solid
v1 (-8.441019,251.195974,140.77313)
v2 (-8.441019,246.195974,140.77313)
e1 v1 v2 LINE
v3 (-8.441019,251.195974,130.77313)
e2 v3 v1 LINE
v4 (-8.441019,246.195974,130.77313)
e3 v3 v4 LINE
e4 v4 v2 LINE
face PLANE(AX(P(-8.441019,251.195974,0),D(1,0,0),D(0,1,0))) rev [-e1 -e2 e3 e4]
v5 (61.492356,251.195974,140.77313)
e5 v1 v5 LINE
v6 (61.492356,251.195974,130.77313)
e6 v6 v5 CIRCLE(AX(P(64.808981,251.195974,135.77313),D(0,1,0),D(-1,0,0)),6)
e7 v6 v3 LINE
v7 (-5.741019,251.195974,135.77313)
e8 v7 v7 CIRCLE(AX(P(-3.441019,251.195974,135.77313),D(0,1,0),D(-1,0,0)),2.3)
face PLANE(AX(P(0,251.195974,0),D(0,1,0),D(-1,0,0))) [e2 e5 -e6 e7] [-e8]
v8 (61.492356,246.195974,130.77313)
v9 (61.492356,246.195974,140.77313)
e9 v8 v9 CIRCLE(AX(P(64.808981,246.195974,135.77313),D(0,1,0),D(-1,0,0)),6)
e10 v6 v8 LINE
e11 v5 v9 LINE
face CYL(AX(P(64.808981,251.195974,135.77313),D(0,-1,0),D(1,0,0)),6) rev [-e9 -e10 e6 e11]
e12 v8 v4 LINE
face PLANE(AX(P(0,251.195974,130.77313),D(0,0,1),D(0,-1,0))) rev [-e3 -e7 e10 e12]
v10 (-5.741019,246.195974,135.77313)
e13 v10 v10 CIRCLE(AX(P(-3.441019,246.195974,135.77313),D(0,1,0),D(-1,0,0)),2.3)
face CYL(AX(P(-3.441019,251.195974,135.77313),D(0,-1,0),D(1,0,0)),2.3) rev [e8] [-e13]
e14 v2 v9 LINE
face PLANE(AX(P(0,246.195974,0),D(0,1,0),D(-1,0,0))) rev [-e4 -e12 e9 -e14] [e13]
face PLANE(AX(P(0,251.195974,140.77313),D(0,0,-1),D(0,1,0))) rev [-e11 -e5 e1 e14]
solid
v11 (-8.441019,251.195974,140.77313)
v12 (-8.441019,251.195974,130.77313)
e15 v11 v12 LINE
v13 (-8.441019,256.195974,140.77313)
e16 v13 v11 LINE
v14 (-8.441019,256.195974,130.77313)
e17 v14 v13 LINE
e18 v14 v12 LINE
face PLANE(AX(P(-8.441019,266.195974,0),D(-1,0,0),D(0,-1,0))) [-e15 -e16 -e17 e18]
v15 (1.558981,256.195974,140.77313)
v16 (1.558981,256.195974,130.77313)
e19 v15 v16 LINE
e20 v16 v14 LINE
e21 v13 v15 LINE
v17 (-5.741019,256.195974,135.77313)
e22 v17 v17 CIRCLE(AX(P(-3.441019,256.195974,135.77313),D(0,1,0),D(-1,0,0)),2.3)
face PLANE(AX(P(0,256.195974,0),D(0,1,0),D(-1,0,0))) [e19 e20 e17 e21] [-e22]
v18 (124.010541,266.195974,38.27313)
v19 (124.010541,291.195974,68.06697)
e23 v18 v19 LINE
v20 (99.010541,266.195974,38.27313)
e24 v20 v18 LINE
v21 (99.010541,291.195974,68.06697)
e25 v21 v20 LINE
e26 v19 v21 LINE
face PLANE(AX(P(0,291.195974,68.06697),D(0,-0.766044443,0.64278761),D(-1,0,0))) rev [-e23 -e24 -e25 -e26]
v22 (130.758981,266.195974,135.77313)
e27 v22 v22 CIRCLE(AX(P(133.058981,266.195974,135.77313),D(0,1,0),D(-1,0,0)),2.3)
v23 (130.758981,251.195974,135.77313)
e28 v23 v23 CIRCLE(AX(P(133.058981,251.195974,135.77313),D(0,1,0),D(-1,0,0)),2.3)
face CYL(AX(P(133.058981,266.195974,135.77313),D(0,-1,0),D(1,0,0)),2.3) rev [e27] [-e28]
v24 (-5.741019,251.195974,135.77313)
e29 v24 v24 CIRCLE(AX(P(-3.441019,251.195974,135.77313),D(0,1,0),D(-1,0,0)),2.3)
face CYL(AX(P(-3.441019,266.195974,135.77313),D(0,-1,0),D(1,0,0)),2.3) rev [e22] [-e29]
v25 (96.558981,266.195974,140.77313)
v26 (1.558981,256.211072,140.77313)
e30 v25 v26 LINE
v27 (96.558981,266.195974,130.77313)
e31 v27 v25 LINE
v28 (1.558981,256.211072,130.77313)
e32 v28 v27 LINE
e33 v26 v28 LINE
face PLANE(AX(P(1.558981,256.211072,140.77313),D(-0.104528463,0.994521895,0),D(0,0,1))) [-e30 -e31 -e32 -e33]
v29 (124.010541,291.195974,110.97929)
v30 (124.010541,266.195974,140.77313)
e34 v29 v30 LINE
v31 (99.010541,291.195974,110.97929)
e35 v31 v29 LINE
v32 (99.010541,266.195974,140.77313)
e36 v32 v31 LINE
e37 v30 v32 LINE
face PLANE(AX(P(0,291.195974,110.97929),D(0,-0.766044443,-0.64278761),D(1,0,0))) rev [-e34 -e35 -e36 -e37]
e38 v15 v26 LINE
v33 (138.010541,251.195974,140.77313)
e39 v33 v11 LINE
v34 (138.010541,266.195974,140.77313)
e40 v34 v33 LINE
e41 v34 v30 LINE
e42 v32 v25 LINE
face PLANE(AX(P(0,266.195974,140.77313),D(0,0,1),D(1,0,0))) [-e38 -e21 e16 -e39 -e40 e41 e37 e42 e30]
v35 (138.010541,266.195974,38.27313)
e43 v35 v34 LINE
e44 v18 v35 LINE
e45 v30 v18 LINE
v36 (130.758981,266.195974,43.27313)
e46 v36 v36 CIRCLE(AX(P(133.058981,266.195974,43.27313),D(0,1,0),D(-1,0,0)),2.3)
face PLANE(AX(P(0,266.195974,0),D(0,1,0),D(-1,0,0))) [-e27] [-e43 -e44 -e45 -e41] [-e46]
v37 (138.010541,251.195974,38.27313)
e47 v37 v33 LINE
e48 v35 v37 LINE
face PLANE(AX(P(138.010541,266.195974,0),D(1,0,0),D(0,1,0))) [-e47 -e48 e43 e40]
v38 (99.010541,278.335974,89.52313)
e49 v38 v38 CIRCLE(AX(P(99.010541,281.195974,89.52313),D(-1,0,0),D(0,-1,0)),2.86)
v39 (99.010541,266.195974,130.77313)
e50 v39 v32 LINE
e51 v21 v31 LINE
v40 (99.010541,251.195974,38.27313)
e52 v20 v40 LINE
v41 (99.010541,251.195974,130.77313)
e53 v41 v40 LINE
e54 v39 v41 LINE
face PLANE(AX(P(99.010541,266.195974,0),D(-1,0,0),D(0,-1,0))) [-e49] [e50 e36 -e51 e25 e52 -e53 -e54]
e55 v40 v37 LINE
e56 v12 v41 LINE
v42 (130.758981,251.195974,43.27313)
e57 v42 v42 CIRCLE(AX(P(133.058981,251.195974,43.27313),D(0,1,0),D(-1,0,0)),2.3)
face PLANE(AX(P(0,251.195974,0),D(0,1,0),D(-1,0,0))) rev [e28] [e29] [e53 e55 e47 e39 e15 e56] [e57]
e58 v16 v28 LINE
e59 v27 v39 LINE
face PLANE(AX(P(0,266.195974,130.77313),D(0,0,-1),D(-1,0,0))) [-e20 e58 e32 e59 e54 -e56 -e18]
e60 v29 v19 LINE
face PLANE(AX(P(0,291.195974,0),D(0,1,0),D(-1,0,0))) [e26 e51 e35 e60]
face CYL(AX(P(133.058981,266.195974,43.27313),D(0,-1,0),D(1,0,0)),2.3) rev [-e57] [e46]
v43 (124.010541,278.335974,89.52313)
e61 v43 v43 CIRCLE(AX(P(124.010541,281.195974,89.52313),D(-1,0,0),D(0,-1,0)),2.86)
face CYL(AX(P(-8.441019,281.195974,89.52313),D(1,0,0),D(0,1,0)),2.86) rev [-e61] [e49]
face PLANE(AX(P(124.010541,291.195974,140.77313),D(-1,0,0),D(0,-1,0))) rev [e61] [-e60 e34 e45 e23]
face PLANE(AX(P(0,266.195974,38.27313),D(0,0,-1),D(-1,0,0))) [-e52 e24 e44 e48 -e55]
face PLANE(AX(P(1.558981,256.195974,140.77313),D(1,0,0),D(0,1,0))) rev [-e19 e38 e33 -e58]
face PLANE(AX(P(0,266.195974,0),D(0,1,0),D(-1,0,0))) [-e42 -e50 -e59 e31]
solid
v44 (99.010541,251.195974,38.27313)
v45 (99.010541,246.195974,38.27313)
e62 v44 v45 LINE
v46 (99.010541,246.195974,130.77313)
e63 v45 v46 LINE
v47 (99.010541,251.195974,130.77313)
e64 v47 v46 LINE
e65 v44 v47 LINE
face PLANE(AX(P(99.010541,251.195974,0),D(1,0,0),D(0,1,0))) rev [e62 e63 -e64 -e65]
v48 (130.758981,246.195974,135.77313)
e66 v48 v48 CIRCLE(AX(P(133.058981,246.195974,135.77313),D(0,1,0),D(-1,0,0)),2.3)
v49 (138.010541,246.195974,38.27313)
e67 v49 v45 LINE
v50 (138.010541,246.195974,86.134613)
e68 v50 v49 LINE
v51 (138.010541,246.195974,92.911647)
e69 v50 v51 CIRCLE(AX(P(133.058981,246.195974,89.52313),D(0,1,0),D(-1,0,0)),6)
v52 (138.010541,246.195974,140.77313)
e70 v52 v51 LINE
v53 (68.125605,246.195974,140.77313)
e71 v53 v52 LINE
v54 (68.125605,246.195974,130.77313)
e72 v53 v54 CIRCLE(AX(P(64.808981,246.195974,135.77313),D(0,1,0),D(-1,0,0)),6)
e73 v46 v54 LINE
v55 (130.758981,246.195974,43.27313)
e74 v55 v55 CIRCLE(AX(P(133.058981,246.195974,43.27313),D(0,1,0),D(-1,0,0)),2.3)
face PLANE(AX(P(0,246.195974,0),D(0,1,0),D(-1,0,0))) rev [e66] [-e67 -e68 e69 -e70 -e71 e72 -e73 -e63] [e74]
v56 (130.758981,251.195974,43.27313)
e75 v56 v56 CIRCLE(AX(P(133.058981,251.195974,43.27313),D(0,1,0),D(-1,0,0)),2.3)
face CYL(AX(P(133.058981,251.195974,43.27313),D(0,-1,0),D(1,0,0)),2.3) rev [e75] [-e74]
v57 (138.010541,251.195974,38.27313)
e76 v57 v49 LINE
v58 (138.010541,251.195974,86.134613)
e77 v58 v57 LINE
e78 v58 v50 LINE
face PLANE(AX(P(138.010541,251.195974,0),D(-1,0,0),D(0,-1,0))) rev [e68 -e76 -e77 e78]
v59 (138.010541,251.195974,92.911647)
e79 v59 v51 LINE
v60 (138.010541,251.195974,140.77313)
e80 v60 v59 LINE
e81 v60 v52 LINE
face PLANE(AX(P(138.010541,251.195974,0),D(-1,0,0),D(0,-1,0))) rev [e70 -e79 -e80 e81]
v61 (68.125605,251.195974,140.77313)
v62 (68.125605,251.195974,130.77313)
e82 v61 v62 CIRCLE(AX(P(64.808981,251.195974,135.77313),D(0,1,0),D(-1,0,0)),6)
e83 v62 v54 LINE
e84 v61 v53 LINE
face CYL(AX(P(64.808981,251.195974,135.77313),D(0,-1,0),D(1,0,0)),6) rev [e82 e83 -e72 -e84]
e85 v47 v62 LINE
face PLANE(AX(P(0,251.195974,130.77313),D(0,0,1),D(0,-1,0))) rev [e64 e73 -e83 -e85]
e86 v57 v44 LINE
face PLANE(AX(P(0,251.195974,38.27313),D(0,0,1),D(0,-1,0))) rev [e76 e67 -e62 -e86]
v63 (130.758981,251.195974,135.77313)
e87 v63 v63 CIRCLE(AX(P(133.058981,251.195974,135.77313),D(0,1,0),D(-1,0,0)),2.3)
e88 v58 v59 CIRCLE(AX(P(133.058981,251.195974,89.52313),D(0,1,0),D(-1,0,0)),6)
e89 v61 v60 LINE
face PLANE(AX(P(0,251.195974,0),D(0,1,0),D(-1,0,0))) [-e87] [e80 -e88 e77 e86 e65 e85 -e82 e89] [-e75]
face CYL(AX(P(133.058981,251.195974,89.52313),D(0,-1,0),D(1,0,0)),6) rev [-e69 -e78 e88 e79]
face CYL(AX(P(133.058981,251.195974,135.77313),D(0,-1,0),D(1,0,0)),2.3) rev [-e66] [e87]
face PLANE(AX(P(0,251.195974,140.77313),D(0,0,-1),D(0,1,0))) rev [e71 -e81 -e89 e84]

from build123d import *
from OCP.BRepFilletAPI import BRepFilletAPI_MakeChamfer

# Parameters (mm, degrees)
SKETCH_1_R               = 2.3
EXTRUDE_1_DEPTH          = 5
EXTRUDE_1_2_DEPTH        = 5
SKETCH_2_R               = 2.3
EXTRUDE_2_DEPTH          = 15
SKETCH_3_W               = 25
SKETCH_3_H               = 102.5
EXTRUDE_3_DEPTH          = 25
CUT_EXTRUDE_1_DEPTH      = 350.507632875
CUT_EXTRUDE_1_DEPTH_BACK = 350.507632875
SKETCH_4_R               = 2.86
CHAMFER_1_SIZE           = 25
CHAMFER_1_SIZE2          = 29.793839815
SKETCH_5_W               = 10
SKETCH_5_H               = 10
CUT_EXTRUDE_2_DEPTH      = 10
CHAMFER_2_SIZE           = 95
CHAMFER_2_SIZE2          = 9.98490235


with BuildPart() as part:
    # Эскиз1 → Бобышка-Вытянуть1 (new body)
    with BuildSketch(Plane(origin=(0, 246.195974268, 0), x_dir=(1, 0, 0), z_dir=(0, 1, 0))):
        with BuildLine():
            Line((68.125605484, -140.773129836), (138.010541363, -140.773129836))
            Line((138.010541363, -140.773129836), (138.010541363, -92.911646759))
            ThreePointArc((138.010541363, -92.911646759), (127.058980694, -89.523129836), (138.010541363, -86.134612913))
            Line((138.010541363, -86.134612913), (138.010541363, -38.273129836))
            Line((138.010541363, -38.273129836), (99.010541363, -38.273129836))
            Line((99.010541363, -38.273129836), (99.010541363, -130.773129836))
            Line((99.010541363, -130.773129836), (68.125605484, -130.773129836))
            ThreePointArc((68.125605484, -130.773129836), (70.808980694, -135.773129836), (68.125605484, -140.773129836))
        make_face()
        with Locations(Location((133.058980694, -135.773129836, 0), (0, 0, 180))):
            Circle(SKETCH_1_R, mode=Mode.SUBTRACT)
        with Locations(Location((133.058980694, -43.273129836, 0), (0, 0, 180))):
            Circle(SKETCH_1_R, mode=Mode.SUBTRACT)
    extrude(amount=EXTRUDE_1_DEPTH)


with BuildPart() as body_2:
    # Эскиз1 → Extrude 1 2 (new body)
    with BuildSketch(Plane(origin=(0, 246.195974268, 0), x_dir=(1, 0, 0), z_dir=(0, 1, 0))):
        with BuildLine():
            Line((-8.441019306, -140.773129836), (61.492355904, -140.773129836))
            ThreePointArc((61.492355904, -140.773129836), (58.808980694, -135.773129836), (61.492355904, -130.773129836))
            Line((61.492355904, -130.773129836), (-8.441019306, -130.773129836))
            Line((-8.441019306, -130.773129836), (-8.441019306, -140.773129836))
        make_face()
        with Locations(Location((-3.441019306, -135.773129836, 0), (0, 0, 180))):
            Circle(SKETCH_1_R, mode=Mode.SUBTRACT)
    extrude(amount=EXTRUDE_1_2_DEPTH)


with BuildPart() as body_3:
    # Эскиз2 → Бобышка-Вытянуть2 (new body)
    with BuildSketch(Plane(origin=(0, 251.195974268, 0), x_dir=(1, 0, 0), z_dir=(0, 1, 0))):
        Polygon((99.010541363, -38.273129836), (138.010541363, -38.273129836), (138.010541363, -140.773129836), (-8.441019306, -140.773129836), (-8.441019306, -130.773129836), (99.010541363, -130.773129836), align=None)
        with Locations(Location((133.058980694, -43.273129836, 0), (0, 0, 180))):
            Circle(SKETCH_2_R, mode=Mode.SUBTRACT)
        with Locations(Location((133.058980694, -135.773129836, 0), (0, 0, 180))):
            Circle(SKETCH_2_R, mode=Mode.SUBTRACT)
        with Locations(Location((-3.441019306, -135.773129836, 0), (0, 0, 180))):
            Circle(SKETCH_2_R, mode=Mode.SUBTRACT)
    extrude(amount=EXTRUDE_2_DEPTH)

    # Эскиз3 → Бобышка-Вытянуть3 (add)
    with BuildSketch(Plane(origin=(0, 266.195974268, 0), x_dir=(1, 0, 0), z_dir=(0, 1, 0))):
        with Locations((111.510541363, -89.523129836)):
            Rectangle(SKETCH_3_W, SKETCH_3_H)
    extrude(amount=EXTRUDE_3_DEPTH)

    # Эскиз4 → Вырез-Вытянуть1 (cut, two sides: drawn at the far end of the back side and taken through both)
    with BuildSketch(Plane(origin=(124.010541363, 0, 0), x_dir=(0, 0, -1), z_dir=(1, 0, 0)).offset(-CUT_EXTRUDE_1_DEPTH_BACK)):
        with Locations(Location((-89.523129836, 281.195974268, 0), (0, 0, 270))):
            Circle(SKETCH_4_R)
    extrude(amount=CUT_EXTRUDE_1_DEPTH + CUT_EXTRUDE_1_DEPTH_BACK, mode=Mode.SUBTRACT)

    # Фаска1: one chamfer whose edges measure the first distance from different faces: ONE call of the kernel's chamfer builder (chamfer() names one face for all edges)
    chamfer_1_edges_1 = [body_3.edges().sort_by_distance(p)[0] for p in [
        (111.510541363, 291.195974268, 140.773129836),
    ]]
    chamfer_1_side_1 = [body_3.faces().sort_by_distance(p)[0] for p in [
        (75.134143656, 263.125812594, 140.773129836),
    ]]
    chamfer_1_edges_2 = [body_3.edges().sort_by_distance(p)[0] for p in [
        (111.510541363, 291.195974268, 38.273129836),
    ]]
    chamfer_1_side_2 = [body_3.faces().sort_by_distance(p)[0] for p in [
        (114.894838884, 269.02655278, 38.273129836),
    ]]
    chamfer_1 = BRepFilletAPI_MakeChamfer(body_3.part.solid().wrapped)
    for e in chamfer_1_edges_1:
        chamfer_1.Add(CHAMFER_1_SIZE, CHAMFER_1_SIZE2, e.wrapped, chamfer_1_side_1[0].wrapped)  # the first distance lies on this face
    for e in chamfer_1_edges_2:
        chamfer_1.Add(CHAMFER_1_SIZE, CHAMFER_1_SIZE2, e.wrapped, chamfer_1_side_2[0].wrapped)  # the first distance lies on this face
    add(Compound.cast(chamfer_1.Shape()), mode=Mode.REPLACE)

    # Эскиз5 → Вырез-Вытянуть2 (cut)
    with BuildSketch(Plane(origin=(0, 266.195974268, 0), x_dir=(1, 0, 0), z_dir=(0, 1, 0))):
        with Locations((-3.441019306, -135.773129836)):
            Rectangle(SKETCH_5_W, SKETCH_5_H)
    extrude(amount=-CUT_EXTRUDE_2_DEPTH, mode=Mode.SUBTRACT)

    # Фаска2
    chamfer_2_edges = [body_3.edges().sort_by_distance(p)[0] for p in [
        (1.558980694, 266.195974268, 135.773129836),
    ]]
    chamfer_2_side = [body_3.faces().sort_by_distance(p)[0] for p in [
        (50.284761029, 266.195974268, 135.773129836),
    ]]
    chamfer(chamfer_2_edges, length=CHAMFER_2_SIZE, length2=CHAMFER_2_SIZE2, reference=chamfer_2_side[0])


solid = Compound([part.part, body_2.part, body_3.part])
